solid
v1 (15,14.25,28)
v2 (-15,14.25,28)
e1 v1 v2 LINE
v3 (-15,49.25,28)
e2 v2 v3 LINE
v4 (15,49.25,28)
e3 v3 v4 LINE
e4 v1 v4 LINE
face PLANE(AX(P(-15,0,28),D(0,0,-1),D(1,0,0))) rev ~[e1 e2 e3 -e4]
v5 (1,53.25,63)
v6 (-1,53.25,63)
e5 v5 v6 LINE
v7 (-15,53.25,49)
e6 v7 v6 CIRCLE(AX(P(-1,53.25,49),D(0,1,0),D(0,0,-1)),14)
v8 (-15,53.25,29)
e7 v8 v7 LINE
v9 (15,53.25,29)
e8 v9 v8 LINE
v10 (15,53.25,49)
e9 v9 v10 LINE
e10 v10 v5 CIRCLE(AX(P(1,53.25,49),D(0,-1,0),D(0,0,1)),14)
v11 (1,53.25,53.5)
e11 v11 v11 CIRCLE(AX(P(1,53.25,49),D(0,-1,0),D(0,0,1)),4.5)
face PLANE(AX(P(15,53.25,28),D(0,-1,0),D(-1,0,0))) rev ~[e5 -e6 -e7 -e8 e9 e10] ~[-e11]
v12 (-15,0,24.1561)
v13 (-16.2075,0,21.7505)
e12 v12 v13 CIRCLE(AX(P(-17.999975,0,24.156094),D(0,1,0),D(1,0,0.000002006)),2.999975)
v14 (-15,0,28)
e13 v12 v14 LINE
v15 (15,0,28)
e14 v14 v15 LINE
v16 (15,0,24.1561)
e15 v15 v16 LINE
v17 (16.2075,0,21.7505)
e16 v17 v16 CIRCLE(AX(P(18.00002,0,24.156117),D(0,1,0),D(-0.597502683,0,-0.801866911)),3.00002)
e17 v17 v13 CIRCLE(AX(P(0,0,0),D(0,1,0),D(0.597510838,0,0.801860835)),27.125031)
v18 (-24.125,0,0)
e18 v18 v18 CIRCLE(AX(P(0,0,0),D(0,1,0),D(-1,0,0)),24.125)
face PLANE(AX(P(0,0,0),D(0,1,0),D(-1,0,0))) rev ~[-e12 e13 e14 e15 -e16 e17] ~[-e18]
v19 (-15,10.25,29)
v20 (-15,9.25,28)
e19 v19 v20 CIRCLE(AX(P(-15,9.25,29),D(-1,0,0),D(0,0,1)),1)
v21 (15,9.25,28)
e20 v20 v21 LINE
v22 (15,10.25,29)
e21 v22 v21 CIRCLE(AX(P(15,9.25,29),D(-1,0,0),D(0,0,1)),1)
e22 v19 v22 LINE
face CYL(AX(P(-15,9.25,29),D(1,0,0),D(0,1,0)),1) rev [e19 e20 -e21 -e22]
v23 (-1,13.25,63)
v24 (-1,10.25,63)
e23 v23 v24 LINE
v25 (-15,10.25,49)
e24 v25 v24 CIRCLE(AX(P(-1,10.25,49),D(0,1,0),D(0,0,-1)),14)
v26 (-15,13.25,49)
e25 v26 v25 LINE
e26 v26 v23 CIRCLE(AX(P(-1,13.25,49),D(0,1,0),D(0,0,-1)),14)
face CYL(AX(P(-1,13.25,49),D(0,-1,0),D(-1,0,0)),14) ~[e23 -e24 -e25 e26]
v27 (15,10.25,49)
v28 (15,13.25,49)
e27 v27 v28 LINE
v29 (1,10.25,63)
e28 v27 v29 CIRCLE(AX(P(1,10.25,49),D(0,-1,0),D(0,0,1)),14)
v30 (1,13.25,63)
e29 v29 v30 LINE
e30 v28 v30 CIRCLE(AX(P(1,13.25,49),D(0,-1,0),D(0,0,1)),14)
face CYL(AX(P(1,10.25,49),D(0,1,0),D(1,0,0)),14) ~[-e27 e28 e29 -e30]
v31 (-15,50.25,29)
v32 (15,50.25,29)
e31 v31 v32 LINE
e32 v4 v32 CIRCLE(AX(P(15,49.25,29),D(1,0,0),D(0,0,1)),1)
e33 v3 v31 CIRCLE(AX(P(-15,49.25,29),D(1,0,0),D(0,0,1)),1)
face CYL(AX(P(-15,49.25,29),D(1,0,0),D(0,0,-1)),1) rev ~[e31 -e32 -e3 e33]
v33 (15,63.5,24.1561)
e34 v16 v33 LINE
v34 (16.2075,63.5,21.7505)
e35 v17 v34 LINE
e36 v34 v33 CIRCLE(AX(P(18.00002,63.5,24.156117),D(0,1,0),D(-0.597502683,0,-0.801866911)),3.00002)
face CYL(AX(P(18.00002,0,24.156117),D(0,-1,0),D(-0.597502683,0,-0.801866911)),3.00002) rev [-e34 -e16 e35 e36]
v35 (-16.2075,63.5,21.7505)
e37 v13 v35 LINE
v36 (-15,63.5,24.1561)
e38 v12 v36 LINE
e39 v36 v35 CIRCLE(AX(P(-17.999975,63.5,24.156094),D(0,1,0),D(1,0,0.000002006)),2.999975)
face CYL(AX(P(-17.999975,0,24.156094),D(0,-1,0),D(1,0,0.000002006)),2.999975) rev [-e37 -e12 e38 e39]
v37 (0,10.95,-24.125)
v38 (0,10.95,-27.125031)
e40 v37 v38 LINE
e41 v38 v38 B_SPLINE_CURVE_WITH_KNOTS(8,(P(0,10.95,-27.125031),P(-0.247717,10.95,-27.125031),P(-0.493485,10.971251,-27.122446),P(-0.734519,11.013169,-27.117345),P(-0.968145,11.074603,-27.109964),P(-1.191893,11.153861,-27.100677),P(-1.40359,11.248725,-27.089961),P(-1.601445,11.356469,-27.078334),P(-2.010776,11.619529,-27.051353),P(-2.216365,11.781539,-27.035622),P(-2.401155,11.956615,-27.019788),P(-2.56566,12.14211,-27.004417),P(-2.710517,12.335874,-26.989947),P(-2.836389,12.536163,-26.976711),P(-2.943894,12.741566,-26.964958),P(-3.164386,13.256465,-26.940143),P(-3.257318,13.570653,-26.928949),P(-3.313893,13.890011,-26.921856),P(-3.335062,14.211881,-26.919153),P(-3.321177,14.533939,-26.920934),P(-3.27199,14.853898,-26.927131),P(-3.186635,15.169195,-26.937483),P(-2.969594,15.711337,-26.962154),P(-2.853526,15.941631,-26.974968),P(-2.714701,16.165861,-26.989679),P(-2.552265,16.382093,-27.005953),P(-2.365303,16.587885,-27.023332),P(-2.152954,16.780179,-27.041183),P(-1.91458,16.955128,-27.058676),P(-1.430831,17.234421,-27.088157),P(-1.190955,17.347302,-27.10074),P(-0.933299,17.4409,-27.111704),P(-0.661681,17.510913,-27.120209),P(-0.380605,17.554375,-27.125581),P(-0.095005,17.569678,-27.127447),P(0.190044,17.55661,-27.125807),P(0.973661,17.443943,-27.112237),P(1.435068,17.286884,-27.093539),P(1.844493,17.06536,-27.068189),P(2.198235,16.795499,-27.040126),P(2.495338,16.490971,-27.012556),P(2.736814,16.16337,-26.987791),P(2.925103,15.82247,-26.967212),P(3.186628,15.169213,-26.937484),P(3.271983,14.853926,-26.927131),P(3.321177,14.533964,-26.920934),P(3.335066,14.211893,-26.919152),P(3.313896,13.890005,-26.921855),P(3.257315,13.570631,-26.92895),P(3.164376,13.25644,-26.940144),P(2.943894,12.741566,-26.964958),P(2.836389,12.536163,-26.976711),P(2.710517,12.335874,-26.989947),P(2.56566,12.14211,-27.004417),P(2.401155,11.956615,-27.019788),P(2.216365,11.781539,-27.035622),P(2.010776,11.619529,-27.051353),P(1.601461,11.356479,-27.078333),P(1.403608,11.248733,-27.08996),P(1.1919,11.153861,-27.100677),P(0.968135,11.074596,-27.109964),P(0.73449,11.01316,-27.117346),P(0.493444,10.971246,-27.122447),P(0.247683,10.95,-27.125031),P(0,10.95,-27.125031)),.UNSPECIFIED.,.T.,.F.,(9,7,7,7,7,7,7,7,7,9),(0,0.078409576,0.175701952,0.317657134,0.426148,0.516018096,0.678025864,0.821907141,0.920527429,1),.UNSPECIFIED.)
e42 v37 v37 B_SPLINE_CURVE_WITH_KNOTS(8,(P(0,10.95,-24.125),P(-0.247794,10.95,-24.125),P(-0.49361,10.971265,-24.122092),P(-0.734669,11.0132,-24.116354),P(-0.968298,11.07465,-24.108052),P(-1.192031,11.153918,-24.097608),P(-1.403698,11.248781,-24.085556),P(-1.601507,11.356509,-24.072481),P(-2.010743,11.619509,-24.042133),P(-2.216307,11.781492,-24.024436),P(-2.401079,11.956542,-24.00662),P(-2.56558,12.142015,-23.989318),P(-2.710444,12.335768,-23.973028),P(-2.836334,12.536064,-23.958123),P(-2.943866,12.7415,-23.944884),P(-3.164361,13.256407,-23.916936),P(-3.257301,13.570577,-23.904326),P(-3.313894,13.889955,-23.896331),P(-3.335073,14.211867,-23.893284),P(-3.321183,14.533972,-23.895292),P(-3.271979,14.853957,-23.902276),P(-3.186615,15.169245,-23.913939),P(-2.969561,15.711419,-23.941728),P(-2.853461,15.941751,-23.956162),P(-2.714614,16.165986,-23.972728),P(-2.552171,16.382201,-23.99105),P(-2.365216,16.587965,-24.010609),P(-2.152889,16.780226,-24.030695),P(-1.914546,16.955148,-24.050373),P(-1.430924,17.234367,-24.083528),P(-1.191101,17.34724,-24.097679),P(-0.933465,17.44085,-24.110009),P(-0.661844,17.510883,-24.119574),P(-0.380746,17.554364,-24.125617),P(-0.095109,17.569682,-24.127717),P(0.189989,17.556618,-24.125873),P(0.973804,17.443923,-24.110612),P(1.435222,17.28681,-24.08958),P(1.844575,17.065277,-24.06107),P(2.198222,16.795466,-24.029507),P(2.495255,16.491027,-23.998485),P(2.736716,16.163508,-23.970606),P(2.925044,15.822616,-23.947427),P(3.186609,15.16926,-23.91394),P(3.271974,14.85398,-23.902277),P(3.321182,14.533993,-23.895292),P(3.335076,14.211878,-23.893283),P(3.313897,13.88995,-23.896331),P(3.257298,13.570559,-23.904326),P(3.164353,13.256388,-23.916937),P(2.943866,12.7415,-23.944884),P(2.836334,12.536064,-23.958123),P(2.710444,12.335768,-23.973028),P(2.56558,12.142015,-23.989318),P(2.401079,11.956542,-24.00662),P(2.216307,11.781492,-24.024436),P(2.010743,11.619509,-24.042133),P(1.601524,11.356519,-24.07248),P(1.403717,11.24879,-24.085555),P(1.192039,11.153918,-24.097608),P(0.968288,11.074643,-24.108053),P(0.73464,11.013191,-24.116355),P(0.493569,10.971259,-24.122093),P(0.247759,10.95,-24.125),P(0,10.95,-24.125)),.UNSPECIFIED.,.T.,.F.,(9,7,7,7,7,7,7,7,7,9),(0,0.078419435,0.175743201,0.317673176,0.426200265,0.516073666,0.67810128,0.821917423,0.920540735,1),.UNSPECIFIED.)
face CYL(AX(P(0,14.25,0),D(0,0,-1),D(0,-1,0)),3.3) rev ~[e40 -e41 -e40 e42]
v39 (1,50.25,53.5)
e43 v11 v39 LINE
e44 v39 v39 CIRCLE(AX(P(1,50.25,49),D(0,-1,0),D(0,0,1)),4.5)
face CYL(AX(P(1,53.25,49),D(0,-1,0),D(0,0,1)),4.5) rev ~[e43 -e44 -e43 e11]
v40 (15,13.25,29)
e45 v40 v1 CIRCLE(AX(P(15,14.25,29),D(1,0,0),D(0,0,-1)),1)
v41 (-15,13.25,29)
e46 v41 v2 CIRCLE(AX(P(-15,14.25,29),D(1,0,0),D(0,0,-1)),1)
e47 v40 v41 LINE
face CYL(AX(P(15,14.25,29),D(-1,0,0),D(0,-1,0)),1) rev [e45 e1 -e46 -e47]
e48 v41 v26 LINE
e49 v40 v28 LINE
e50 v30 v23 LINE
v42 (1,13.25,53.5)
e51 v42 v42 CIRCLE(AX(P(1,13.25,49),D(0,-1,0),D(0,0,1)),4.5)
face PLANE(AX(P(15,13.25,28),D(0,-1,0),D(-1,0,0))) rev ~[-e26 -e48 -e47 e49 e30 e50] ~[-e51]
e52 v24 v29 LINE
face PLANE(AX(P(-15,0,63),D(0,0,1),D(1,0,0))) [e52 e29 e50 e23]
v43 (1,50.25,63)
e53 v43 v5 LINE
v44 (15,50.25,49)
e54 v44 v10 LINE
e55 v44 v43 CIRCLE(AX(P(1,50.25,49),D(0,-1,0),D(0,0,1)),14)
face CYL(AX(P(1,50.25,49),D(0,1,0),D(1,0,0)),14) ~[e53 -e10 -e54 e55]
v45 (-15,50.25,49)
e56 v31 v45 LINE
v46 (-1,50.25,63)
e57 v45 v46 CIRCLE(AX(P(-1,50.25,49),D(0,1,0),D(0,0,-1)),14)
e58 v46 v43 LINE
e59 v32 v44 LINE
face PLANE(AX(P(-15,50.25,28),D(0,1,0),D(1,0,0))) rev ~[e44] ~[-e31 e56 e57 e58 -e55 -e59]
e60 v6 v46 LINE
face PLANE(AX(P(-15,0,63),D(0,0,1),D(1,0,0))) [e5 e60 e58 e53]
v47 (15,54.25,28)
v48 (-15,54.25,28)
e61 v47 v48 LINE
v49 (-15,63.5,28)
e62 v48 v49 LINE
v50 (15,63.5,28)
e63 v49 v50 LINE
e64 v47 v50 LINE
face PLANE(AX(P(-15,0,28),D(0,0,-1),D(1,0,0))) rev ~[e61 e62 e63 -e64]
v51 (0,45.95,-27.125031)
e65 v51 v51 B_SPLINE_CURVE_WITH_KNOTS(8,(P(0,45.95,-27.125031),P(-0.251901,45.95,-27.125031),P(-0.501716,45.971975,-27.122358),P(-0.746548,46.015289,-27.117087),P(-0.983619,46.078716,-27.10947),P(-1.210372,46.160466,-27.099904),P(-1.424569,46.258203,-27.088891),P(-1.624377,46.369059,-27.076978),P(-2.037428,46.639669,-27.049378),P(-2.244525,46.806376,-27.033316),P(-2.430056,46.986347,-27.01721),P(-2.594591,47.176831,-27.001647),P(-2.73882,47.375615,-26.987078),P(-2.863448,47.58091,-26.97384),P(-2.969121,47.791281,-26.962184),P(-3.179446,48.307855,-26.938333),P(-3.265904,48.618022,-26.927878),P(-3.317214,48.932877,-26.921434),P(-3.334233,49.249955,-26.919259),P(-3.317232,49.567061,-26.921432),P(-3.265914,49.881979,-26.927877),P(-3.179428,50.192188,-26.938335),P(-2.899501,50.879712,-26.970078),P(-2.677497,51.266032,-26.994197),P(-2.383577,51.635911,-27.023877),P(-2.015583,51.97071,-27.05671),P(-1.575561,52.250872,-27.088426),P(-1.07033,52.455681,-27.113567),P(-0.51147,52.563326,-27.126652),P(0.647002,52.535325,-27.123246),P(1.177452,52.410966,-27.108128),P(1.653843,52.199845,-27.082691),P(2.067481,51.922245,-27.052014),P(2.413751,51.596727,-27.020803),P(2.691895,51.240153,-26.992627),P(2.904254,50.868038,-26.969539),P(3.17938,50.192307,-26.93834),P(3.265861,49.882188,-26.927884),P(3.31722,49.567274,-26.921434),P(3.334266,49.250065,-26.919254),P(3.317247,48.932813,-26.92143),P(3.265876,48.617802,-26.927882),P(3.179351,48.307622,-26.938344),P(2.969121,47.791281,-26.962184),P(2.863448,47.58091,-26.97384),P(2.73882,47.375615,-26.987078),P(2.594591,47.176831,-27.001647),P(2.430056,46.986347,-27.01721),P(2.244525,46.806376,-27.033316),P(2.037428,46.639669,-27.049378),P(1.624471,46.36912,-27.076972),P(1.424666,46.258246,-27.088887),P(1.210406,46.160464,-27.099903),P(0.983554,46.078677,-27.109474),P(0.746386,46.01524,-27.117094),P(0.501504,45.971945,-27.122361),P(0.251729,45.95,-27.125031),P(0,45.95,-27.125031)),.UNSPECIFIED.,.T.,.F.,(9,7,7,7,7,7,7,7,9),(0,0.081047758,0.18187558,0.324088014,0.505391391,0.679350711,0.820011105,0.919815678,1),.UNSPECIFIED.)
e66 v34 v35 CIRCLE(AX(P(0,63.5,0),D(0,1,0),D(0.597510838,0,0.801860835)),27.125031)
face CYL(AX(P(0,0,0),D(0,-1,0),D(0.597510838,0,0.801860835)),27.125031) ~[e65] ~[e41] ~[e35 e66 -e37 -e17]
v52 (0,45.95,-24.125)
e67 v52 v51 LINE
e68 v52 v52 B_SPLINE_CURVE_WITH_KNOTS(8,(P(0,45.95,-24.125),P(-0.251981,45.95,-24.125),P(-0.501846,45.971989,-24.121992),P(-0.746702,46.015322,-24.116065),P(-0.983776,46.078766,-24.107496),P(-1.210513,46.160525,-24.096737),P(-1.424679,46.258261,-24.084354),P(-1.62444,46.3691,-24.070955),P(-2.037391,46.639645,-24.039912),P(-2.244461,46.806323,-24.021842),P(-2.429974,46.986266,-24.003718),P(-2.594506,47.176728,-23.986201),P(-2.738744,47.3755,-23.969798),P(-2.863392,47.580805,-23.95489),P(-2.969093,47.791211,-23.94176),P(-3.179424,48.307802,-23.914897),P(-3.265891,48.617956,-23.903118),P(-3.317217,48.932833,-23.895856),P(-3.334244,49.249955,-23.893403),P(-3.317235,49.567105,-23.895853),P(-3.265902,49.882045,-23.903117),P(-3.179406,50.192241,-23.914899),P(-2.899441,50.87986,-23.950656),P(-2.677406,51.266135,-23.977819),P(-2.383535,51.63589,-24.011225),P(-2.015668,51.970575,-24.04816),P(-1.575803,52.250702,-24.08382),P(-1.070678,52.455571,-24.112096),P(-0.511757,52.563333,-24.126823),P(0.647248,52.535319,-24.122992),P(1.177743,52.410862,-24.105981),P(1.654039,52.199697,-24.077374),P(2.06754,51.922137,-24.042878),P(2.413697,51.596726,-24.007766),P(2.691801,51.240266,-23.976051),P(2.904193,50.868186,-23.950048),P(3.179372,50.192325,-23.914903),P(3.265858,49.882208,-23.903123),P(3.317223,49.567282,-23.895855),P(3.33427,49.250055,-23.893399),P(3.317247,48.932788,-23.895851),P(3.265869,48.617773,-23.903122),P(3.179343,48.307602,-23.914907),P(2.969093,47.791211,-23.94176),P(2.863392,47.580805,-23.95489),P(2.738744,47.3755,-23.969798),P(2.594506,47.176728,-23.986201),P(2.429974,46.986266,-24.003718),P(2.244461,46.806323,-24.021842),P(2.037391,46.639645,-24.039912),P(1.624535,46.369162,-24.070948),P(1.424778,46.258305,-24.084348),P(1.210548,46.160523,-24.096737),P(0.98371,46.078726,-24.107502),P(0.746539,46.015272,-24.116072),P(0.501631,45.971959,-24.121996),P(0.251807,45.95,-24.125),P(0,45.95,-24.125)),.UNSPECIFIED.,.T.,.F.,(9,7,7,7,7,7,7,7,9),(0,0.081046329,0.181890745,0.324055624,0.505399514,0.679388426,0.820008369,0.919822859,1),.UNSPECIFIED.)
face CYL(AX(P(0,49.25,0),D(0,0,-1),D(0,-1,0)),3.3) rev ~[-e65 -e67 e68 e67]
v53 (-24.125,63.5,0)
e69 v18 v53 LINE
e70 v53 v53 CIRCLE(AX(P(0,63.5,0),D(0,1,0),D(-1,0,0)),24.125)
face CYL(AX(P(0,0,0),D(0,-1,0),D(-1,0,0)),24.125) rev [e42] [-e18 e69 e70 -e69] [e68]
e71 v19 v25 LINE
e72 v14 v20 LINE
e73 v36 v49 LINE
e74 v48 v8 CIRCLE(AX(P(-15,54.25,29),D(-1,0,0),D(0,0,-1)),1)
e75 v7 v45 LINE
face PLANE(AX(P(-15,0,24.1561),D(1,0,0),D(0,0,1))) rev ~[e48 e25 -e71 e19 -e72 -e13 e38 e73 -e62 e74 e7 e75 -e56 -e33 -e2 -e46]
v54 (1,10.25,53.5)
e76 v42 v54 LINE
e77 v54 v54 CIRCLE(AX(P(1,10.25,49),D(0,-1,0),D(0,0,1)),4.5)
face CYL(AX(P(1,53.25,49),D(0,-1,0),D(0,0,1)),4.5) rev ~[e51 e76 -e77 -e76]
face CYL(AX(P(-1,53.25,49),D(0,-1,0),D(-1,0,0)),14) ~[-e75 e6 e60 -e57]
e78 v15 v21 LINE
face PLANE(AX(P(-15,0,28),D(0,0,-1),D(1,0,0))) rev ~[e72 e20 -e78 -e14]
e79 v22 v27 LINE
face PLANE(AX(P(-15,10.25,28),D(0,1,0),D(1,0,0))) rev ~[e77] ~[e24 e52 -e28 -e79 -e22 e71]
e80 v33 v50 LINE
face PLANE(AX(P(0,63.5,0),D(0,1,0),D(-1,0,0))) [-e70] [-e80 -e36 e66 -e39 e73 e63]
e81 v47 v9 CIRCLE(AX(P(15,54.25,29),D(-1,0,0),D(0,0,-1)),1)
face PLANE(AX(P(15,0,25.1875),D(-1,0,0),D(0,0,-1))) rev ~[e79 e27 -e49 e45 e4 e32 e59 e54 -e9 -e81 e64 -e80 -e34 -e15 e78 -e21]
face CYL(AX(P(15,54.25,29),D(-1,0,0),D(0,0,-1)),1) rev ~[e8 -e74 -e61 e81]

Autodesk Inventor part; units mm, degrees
ref_plane "YZ Plane" through (0, 0, 0) normal (1, 0, 0) x (0, 1, 0)
ref_plane "XZ Plane" through (0, 0, 0) normal (0, 1, 0) x (-1, 0, 0)
ref_plane "XY Plane" through (0, 0, 0) normal (0, 0, 1) x (1, 0, 0)
sketch "Sketch1" plane through (0, 0, 0) normal (0, 1, 0) x (-1, 0, 0)
  circle A0 centre (0, 0) radius 24.125
  arc A1 (-16.2075, 21.7505) -> (16.2075, 21.7505) centre (0, 0) ccw
  line L0 (15, 28) -> (-15, 28)
  line L1 (-15, 28) -> (-15, 25.1875)
  line L2 (15, 24.1561) -> (15, 28)
  line L3 (15, 28) -> (-15, 25.1875) construction
  line L4 (-15, 28) -> (15, 24.7857) construction
  line L5 (-15, 25.1875) -> (-15, 24.1561)
  arc A2 (15, 24.1561) -> (16.2075, 21.7505) centre (18, 24.1561) ccw
  arc A3 (-16.2075, 21.7505) -> (-15, 24.1561) centre (-18, 24.1561) ccw
  point P0 (-1, 26.5)
  point P1 (0, 26.3929)
  point P2 (15, 22.6001)
  point P3 (-15, 22.6001)
  dimension "d0" = 48.25
  dimension "d2" = 3
  dimension "d4" = 30
  dimension "d6" = 28
  dimension "d7" = 3
extrude "Extrusion1" add sketch "Sketch1" along normal blind 63.5
sketch "Sketch2" plane through (-15, 0, 28) normal (0, 0, 1) x (1, 0, 0)
  line L0 (30, 0) -> (30, 63.5) projected
  line L1 (0, 50.25) -> (30, 50.25)
  line L2 (30, 50.25) -> (30, 53.25)
  line L3 (30, 53.25) -> (0, 53.25)
  line L4 (0, 53.25) -> (0, 50.25)
  line L5 (0, 50.25) -> (30, 53.25) construction
  line L6 (30, 50.25) -> (0, 53.25) construction
  line L7 (0, 10.25) -> (30, 10.25)
  line L8 (30, 10.25) -> (30, 13.25)
  line L9 (30, 13.25) -> (0, 13.25)
  line L10 (0, 13.25) -> (0, 10.25)
  line L11 (0, 10.25) -> (30, 13.25) construction
  line L12 (30, 10.25) -> (0, 13.25) construction
  line L13 (0, 0) -> (0, 63.5) projected
  line L14 (0, 31.75) -> (30, 31.75) construction
  point P0 (15, 0)
  point P1 (15, 51.75)
  point P2 (15, 11.75)
  dimension "d10" = 3
  dimension "d11" = 3
  dimension "d12" = 40
  dimension "d13" = 20
  dimension "d34" = 30
  dimension "d35" = 30
extrude "Extrusion2" add sketch "Sketch2" along normal blind 35 contours L7 L10 L9 L0 | L1 L4 L3 L0
fillet "Fillet1" radius 14 4 edges at (-15, 51.75, 63) (15, 11.75, 63) (15, 51.75, 63) (-15, 11.75, 63)
sketch "Sketch3" plane through (-15, 53.25, 28) normal (0, 1, 0) x (1, 0, 0)
  arc A0 (0, -21) -> (30, -21) centre (16, -21) ccw projected
  point P0 (15, 28)
hole "Hole1" at (1, 53.25, 49) direction (0, -1, 0) diameter 9 end through all clearance for "Flat Head Machine Screw" size "M8" standard "Ansi Metric M Profile"
fillet "Fillet2" radius 1 4 edges at (0, 53.25, 28) (0, 50.25, 28) (0, 13.25, 28) (0, 10.25, 28)
sketch "Sketch4" plane through (0, 0, 0) normal (0, 0, 1) x (1, 0, 0)
  line L0 (16.2075, 0) -> (16.2075, 63.5) projected
  line L1 (16.2075, 31.75) -> (-16.2075, 31.75)
  line L2 (-16.2075, 0) -> (-16.2075, 63.5) projected
  point P0 (0, 0)
  point P1 (0, 49.25)
  point P2 (0, 14.25)
  point P3 (0, 31.75)
  dimension "d25" = 17.5
  dimension "d26" = 17.5
hole "Hole2" at (0, 49.25, 0) at (0, 14.25, 0) direction (0, 0, -1) diameter 6.6 end through all clearance for "Flat Head Machine Screw" size "M6" standard "Ansi Metric M Profile"
equation "\"d13\" = 0.5 * d12"
equation "\"d25\" = 0.5 * Clamp_Bolt_Space"
equation "\"d26\" = d25"
equation "\"Clamp_Bolt_Space\" = 35"
properties part number "Hanger_Clamp" material "Steel, Carbon"
